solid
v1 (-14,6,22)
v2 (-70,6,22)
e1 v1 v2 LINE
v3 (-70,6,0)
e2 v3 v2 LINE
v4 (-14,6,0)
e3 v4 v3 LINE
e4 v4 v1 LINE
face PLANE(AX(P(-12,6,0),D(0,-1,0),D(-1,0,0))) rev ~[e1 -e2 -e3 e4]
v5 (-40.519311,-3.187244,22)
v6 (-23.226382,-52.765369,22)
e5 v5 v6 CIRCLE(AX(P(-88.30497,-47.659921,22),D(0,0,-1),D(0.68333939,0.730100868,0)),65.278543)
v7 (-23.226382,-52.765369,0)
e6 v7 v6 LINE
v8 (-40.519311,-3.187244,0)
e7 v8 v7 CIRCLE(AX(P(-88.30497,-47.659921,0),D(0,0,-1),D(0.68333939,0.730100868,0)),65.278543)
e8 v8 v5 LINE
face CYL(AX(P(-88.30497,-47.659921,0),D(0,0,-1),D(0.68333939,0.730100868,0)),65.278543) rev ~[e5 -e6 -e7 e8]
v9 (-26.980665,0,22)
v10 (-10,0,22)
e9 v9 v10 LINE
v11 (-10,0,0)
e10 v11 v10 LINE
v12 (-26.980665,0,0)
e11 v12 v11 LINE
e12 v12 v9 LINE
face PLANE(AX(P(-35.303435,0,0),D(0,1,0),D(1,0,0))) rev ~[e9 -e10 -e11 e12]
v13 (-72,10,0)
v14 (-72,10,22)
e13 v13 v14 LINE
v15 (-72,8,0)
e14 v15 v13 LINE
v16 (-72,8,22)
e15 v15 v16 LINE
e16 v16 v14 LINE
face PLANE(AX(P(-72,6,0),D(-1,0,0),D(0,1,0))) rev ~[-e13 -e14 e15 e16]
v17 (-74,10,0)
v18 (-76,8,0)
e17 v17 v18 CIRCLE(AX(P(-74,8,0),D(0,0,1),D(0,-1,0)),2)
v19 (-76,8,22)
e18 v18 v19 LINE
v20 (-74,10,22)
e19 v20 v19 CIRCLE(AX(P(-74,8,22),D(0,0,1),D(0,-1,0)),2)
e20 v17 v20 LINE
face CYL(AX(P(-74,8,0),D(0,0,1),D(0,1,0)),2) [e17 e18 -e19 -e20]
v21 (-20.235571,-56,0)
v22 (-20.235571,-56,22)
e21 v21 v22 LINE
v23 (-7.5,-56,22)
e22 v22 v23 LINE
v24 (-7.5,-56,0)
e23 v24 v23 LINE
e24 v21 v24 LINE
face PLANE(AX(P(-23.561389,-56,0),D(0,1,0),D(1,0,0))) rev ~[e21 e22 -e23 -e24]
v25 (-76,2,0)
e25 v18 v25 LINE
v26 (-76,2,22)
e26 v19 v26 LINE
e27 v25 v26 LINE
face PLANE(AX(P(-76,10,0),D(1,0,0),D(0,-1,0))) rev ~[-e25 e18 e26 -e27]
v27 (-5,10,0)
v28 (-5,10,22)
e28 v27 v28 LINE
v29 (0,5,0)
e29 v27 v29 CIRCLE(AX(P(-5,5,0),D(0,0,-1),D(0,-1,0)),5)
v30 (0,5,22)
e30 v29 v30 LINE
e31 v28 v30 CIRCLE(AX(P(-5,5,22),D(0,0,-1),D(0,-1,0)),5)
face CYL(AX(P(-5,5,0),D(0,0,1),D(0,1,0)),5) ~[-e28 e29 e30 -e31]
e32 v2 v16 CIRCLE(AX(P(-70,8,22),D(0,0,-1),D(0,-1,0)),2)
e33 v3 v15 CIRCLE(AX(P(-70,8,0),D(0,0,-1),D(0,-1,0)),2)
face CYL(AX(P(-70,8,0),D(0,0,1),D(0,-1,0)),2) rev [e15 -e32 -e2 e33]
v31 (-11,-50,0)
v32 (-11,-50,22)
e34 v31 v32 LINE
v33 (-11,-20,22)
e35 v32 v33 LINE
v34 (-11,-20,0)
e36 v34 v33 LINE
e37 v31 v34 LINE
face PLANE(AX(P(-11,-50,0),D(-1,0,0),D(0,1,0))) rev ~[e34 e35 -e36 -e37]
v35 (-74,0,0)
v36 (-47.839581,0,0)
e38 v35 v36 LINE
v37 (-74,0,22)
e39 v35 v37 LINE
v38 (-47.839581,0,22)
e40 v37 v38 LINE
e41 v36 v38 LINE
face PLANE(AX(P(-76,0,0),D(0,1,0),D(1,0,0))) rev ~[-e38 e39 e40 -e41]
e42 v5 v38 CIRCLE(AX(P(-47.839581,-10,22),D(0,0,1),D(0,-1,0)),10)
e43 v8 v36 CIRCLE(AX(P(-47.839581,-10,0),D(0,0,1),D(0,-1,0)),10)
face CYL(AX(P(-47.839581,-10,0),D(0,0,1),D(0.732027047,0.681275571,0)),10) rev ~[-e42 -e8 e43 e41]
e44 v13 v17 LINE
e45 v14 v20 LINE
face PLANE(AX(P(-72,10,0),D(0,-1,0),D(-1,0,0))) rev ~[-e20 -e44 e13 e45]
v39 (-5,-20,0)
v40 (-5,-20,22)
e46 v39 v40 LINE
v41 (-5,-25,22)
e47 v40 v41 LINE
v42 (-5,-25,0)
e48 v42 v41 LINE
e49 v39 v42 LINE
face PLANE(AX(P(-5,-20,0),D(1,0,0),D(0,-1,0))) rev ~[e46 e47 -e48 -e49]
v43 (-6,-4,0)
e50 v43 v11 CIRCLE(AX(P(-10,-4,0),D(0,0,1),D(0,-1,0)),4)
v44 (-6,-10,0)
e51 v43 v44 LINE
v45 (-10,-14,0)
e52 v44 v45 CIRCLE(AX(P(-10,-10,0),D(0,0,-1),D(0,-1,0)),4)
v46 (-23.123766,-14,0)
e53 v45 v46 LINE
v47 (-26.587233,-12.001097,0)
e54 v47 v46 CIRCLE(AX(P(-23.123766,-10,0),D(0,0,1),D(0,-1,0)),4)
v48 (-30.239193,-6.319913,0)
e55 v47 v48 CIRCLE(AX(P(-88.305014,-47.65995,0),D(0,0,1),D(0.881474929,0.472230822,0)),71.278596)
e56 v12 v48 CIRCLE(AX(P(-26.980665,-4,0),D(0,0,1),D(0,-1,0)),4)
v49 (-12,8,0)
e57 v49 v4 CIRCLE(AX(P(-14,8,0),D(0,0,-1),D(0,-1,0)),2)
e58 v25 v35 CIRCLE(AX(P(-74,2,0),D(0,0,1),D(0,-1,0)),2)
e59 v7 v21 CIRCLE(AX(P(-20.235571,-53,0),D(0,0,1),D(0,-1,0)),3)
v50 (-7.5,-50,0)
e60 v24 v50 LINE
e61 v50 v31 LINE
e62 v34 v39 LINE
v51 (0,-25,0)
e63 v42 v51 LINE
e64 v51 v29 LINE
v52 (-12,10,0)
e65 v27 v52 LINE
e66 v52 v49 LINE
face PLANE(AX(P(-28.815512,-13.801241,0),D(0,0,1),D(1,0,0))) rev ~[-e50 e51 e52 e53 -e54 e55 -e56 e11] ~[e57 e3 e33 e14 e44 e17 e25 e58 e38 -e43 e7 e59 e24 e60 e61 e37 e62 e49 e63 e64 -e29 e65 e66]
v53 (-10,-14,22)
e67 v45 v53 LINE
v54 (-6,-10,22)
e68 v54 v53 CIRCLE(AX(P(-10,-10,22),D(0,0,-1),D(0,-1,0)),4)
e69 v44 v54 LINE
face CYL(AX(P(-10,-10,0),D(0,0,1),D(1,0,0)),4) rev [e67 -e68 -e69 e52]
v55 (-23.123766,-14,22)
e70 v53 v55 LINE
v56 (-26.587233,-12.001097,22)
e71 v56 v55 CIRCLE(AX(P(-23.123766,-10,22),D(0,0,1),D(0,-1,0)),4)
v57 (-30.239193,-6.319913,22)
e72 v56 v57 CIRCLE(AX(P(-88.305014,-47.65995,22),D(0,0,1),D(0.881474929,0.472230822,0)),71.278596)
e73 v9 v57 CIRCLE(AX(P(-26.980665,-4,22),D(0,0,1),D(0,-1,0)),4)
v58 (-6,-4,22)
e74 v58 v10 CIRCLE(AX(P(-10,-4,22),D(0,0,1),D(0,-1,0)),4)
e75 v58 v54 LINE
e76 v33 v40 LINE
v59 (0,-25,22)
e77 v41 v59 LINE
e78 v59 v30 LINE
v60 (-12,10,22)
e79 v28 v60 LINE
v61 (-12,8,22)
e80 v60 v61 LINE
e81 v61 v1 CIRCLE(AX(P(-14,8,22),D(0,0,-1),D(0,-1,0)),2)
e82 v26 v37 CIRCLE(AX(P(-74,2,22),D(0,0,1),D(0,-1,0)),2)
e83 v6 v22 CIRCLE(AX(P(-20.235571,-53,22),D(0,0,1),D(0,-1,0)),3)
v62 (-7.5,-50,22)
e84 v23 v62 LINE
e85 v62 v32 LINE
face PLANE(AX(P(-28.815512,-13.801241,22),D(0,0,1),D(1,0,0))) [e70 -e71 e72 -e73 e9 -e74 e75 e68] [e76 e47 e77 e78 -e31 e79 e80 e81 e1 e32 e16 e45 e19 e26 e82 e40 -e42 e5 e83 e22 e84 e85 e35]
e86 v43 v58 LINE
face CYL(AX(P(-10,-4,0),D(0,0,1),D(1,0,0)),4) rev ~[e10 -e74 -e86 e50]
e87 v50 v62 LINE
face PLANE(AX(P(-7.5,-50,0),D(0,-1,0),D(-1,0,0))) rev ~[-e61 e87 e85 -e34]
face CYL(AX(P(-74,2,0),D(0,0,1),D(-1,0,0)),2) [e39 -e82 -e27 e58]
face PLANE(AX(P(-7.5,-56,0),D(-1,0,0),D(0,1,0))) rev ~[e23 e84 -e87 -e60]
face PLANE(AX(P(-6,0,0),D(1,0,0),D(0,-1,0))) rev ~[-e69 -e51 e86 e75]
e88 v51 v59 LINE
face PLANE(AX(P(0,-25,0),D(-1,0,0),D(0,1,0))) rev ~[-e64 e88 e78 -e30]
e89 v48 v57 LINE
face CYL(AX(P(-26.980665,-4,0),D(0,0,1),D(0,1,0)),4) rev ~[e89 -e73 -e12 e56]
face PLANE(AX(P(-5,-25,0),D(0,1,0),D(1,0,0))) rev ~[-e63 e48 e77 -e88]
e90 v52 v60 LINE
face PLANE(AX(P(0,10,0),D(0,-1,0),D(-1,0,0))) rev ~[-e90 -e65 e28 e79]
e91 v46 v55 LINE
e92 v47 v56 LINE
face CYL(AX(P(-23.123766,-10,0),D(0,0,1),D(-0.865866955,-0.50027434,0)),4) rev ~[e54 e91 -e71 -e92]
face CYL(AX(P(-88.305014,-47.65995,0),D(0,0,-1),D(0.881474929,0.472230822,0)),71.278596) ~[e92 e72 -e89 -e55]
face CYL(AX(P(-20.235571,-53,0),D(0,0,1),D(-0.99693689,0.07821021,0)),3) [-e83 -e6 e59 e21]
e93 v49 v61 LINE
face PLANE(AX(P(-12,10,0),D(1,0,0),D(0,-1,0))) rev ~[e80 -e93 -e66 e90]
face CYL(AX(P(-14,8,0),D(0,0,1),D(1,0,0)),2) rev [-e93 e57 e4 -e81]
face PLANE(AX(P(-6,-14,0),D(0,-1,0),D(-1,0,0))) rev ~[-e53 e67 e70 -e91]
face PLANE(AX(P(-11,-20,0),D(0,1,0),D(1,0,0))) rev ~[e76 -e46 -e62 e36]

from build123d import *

# Parameters (mm, degrees)
F1_DEPTH = 22
F2_R     = 10
F3_R     = 3
F4_R     = 4
F5_R     = 5
F6_R     = 2
F7_R     = 2


with BuildPart() as f1:
    # F0 (on Top) → F1 (new body)
    with BuildSketch(Plane.XY):
        with BuildLine():
            ThreePointArc((-43.69757, 0), (-26.876888, -25.571939), (-23.561389, -56))
            Line((-23.561389, -56), (-7.5, -56))
            Line((-7.5, -56), (-7.5, -50))
            Line((-7.5, -50), (-11, -50))
            Line((-11, -50), (-11, -20))
            Line((-11, -20), (-5, -20))
            Line((-5, -20), (-5, -25))
            Line((-5, -25), (0, -25))
            Line((0, -25), (0, 0))
            Line((0, 0), (0, 10))
            Line((0, 10), (-12, 10))
            Line((-12, 10), (-12, 6))
            Line((-12, 6), (-72, 6))
            Line((-72, 6), (-72, 10))
            Line((-72, 10), (-76, 10))
            Line((-76, 10), (-76, 0))
            Line((-76, 0), (-43.69757, 0))
        make_face()
        with BuildLine():
            Line((-6, -14), (-25.474719, -14))
            ThreePointArc((-25.474719, -14), (-29.967584, -6.70409), (-35.303435, 0))
            Line((-35.303435, 0), (-6, 0))
            Line((-6, 0), (-6, -14))
        make_face(mode=Mode.SUBTRACT)
    extrude(amount=F1_DEPTH)

    # F2
    f2_edges = [f1.edges().sort_by_distance(p)[0] for p in [
        (-43.69757, 0, 11),
    ]]
    fillet(f2_edges, radius=F2_R)

    # F3
    f3_edges = [f1.edges().sort_by_distance(p)[0] for p in [
        (-23.561389, -56, 11),
    ]]
    fillet(f3_edges, radius=F3_R)

    # F4
    f4_edges = [f1.edges().sort_by_distance(p)[0] for p in [
        (-35.303435, 0, 11),
        (-6, 0, 11),
        (-25.474719, -14, 11),
        (-6, -14, 11),
    ]]
    fillet(f4_edges, radius=F4_R)

    # F5
    f5_edges = [f1.edges().sort_by_distance(p)[0] for p in [
        (0, 10, 11),
    ]]
    fillet(f5_edges, radius=F5_R)

    # F6
    f6_edges = [f1.edges().sort_by_distance(p)[0] for p in [
        (-12, 6, 11),
        (-72, 6, 11),
    ]]
    fillet(f6_edges, radius=F6_R)

    # F7
    f7_edges = [f1.edges().sort_by_distance(p)[0] for p in [
        (-76, 10, 11),
        (-76, 0, 11),
    ]]
    fillet(f7_edges, radius=F7_R)


solid = f1.part
